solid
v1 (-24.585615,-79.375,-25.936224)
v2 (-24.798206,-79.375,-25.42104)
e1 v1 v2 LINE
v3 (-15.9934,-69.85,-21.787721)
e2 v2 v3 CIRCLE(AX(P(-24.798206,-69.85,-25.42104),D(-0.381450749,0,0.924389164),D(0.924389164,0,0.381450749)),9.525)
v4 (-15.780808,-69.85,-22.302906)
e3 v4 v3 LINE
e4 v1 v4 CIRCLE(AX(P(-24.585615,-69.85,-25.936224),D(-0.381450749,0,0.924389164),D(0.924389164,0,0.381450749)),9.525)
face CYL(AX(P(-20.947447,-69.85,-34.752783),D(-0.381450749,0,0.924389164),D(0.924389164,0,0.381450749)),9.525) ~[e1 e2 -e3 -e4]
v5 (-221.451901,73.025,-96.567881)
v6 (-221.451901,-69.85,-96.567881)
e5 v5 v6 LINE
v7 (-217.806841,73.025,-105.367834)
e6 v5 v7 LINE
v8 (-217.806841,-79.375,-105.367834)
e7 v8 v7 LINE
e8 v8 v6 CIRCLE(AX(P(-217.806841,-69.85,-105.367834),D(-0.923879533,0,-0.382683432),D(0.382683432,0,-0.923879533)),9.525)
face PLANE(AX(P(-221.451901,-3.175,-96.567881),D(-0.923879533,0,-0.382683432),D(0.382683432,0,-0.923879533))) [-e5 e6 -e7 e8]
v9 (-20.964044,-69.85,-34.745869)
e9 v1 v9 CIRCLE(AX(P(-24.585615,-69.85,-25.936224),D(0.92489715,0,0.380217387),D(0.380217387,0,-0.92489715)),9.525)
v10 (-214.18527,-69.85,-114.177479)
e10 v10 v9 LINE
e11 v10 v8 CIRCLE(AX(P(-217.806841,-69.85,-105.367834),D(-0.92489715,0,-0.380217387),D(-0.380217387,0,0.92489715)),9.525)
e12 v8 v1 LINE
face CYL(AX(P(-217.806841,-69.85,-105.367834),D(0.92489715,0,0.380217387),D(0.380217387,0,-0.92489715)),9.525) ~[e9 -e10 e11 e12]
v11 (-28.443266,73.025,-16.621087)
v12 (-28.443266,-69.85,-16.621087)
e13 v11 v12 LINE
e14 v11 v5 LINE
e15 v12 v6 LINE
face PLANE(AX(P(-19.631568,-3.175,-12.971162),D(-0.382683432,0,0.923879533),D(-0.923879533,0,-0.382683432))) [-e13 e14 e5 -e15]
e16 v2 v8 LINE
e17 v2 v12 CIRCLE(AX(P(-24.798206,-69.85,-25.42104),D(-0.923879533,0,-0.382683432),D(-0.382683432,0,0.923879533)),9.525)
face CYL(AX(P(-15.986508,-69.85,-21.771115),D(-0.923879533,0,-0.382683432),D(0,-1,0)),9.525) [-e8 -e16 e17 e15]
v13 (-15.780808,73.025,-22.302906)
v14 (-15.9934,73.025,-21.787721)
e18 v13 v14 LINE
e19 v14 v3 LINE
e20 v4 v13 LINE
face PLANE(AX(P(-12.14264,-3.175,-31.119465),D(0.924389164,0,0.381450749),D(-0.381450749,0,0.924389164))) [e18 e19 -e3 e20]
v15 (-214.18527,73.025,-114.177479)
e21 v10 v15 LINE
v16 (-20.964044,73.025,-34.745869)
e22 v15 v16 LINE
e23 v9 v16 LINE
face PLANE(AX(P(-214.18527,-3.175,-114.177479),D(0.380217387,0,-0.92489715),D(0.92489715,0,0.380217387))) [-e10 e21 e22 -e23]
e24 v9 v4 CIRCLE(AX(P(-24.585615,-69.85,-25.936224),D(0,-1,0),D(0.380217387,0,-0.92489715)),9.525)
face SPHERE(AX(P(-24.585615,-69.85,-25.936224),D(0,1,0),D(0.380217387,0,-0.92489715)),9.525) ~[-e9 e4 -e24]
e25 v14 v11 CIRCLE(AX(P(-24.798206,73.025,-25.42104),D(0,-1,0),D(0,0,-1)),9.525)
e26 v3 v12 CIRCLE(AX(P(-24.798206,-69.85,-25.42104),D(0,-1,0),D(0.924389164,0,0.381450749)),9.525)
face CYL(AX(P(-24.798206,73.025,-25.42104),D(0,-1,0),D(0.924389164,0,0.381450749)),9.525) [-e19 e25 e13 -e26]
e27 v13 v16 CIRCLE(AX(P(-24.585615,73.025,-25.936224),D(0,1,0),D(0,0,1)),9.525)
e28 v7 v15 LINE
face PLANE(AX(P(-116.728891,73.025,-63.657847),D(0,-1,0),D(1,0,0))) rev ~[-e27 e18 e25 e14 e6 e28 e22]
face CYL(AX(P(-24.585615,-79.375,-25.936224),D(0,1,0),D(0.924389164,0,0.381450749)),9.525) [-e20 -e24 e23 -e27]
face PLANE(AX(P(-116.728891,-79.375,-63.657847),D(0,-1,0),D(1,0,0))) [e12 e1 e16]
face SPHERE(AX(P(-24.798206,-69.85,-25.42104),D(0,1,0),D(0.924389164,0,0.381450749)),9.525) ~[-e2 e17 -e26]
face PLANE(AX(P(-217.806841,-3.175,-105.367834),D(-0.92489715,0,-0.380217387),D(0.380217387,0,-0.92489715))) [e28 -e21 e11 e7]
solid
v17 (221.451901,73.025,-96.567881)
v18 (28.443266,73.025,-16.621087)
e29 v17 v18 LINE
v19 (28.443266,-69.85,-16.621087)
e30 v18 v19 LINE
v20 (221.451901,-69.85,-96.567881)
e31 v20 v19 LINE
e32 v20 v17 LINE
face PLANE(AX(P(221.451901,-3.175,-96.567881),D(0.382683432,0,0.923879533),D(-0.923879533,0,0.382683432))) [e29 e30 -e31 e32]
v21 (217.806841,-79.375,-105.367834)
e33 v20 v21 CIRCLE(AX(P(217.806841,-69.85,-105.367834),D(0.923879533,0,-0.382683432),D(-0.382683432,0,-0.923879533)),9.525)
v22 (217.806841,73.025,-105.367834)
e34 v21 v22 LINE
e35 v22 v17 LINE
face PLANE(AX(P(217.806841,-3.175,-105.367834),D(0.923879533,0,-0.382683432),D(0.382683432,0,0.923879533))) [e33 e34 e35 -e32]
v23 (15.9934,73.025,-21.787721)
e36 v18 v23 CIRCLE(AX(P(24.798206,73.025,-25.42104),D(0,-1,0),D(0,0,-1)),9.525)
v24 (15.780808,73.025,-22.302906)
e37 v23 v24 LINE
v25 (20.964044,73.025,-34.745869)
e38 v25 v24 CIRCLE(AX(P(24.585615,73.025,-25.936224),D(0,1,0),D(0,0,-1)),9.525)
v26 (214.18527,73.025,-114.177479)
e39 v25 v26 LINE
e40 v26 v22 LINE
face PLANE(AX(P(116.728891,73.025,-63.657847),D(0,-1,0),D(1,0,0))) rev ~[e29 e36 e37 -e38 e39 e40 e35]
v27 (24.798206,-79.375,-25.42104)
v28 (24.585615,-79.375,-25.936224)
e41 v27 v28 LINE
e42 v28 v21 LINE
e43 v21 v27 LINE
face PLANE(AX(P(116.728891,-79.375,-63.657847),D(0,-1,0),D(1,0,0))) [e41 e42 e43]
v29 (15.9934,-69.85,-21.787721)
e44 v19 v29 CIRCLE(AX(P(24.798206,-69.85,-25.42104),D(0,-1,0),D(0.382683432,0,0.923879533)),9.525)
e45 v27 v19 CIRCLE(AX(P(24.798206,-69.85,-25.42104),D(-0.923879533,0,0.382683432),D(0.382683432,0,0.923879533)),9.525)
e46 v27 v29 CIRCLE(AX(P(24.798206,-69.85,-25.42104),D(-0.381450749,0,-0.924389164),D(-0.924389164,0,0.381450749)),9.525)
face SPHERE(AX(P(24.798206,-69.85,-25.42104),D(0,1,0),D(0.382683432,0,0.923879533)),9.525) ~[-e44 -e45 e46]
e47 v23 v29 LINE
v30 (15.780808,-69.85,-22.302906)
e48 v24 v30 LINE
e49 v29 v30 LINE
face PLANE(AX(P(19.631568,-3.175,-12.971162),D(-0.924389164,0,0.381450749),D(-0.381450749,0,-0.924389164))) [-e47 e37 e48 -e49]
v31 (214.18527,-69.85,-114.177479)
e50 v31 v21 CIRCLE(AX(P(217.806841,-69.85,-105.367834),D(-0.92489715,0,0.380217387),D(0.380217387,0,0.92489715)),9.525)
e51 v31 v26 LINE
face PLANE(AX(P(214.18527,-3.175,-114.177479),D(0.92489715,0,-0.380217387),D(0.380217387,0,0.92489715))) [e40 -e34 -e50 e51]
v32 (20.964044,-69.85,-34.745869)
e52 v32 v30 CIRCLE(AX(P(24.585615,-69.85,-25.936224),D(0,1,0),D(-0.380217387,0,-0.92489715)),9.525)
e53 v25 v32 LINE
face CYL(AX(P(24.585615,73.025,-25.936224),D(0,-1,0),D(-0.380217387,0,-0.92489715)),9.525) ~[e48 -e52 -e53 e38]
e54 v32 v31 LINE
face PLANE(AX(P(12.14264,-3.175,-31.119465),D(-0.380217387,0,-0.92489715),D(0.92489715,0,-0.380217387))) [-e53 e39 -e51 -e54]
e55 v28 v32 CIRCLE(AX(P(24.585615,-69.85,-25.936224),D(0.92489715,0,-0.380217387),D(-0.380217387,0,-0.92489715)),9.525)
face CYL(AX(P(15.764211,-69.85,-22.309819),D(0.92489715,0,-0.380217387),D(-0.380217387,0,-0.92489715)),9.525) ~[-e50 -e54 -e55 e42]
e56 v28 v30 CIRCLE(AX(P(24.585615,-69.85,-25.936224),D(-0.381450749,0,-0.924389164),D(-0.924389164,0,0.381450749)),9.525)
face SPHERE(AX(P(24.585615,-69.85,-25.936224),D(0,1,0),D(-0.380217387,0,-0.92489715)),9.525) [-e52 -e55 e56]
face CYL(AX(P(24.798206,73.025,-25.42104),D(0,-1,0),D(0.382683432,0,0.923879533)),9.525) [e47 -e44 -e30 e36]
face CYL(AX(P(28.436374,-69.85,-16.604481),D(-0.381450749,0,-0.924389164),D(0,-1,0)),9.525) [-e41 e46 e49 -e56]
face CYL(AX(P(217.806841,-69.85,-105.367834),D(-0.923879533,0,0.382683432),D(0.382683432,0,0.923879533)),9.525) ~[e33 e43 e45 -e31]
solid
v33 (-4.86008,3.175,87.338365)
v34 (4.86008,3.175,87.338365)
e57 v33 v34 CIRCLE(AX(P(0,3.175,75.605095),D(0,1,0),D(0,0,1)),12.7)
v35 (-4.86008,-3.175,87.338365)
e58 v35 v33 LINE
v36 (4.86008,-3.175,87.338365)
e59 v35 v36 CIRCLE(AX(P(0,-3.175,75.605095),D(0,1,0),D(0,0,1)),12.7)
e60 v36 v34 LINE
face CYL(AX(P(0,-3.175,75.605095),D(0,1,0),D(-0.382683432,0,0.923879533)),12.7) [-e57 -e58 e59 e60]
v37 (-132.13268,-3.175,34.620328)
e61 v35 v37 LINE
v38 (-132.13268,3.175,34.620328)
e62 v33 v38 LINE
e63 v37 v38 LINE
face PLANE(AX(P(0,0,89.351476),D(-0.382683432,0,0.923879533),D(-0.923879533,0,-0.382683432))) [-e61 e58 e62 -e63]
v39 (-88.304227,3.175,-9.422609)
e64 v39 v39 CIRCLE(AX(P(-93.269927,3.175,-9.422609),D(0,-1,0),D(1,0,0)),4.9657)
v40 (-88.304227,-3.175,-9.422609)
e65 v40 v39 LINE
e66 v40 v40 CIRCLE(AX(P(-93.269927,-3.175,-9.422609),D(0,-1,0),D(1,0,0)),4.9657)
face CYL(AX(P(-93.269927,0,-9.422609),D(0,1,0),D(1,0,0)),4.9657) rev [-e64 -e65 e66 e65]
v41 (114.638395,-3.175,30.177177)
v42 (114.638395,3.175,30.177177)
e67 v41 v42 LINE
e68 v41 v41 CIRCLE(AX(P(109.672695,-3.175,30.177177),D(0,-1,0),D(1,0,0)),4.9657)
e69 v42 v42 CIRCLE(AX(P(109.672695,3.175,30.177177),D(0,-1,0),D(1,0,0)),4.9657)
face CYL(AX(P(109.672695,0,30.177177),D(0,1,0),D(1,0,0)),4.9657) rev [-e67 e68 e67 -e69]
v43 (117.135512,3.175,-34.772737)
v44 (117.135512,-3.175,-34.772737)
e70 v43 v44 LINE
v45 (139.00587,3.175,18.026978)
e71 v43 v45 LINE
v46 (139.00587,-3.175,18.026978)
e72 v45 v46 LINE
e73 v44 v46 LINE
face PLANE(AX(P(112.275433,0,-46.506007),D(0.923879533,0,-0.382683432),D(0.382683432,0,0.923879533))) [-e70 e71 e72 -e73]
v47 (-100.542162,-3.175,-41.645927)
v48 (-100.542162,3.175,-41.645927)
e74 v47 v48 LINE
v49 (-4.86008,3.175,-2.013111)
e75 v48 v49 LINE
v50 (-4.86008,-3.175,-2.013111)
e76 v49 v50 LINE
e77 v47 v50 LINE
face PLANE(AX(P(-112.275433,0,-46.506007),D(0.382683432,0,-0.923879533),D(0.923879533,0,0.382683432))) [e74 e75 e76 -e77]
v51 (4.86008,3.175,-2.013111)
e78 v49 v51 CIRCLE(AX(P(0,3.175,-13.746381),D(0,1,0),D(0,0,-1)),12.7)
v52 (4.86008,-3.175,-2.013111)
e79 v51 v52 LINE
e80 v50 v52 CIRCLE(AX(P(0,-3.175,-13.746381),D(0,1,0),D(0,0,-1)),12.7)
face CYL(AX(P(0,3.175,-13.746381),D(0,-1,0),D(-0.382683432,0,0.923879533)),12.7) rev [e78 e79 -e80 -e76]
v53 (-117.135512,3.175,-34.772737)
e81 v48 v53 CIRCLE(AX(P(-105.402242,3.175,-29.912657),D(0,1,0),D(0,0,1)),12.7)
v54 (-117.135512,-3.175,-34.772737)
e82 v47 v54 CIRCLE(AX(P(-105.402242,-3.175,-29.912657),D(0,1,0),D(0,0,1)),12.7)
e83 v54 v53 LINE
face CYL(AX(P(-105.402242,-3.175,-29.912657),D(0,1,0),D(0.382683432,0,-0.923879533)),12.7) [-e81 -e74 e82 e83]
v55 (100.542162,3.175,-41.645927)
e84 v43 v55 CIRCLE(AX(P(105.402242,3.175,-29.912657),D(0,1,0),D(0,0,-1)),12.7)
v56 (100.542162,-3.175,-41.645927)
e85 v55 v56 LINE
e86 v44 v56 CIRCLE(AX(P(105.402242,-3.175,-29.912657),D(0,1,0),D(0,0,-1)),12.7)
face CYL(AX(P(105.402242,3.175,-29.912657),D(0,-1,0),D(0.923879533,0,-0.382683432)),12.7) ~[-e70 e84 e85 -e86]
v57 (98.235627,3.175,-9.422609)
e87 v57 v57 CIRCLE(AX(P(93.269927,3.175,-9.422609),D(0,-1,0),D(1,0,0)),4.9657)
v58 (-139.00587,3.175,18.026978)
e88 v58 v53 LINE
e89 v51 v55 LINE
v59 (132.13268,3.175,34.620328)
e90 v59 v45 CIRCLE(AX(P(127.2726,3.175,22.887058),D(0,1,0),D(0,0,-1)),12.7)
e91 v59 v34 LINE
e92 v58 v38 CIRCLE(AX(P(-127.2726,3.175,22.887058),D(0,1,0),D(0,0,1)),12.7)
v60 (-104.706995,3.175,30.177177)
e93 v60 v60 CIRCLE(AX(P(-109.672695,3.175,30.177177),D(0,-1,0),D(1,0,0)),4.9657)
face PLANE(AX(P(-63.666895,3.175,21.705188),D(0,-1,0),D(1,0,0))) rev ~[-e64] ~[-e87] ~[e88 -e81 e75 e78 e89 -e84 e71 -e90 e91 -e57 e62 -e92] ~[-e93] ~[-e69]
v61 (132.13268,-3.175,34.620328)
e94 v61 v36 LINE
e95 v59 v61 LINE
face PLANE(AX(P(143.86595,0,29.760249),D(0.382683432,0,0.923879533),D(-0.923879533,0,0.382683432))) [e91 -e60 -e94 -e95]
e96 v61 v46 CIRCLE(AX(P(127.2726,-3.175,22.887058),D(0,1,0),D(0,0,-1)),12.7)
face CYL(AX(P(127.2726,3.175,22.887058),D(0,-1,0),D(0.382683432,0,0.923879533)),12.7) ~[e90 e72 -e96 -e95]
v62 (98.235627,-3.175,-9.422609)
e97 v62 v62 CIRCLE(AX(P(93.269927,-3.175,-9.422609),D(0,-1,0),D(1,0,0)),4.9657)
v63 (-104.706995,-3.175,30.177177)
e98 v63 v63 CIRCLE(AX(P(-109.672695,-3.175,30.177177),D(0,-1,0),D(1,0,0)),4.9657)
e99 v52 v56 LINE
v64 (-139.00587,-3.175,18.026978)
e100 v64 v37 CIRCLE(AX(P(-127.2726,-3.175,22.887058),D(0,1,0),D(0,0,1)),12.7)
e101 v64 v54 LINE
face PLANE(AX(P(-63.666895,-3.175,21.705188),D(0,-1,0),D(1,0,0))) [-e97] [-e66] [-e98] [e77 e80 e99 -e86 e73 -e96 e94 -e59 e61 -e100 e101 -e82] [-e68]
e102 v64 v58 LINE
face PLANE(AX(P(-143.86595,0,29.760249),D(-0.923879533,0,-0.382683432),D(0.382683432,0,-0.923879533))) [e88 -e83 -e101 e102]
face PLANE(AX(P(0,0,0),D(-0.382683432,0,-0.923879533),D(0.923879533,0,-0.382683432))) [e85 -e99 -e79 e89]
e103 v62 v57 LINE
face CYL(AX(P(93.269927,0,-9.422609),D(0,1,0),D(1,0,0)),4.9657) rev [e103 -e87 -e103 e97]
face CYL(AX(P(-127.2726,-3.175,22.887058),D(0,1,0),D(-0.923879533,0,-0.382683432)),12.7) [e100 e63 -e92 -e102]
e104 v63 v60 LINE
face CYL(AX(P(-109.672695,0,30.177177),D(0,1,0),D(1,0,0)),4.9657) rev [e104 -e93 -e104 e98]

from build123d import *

# Parameters (mm, degrees)
F0_R     = 4.9657
F1_DEPTH = 3.175
F2_R     = 12.7
F3_DEPTH = 76.2
F4_R     = 9.525
F4_2_R   = 9.525


with BuildPart() as f1:
    # F0 (on Front) → F1 (new body, symmetric)
    with BuildSketch(Plane.XZ):
        Polygon((-112.2754325273, -46.5060068741), (0, 0), (0, 89.3514761341), (-143.8659498691, 29.7602485347), align=None)
        with Locations((-93.2699265011, -9.4226090129)):
            Circle(F0_R, mode=Mode.SUBTRACT)
        with Locations((-109.6726951208, 30.1771774494)):
            Circle(F0_R, mode=Mode.SUBTRACT)
        Polygon((0, 89.3514761341), (0, 0), (112.2754325273, -46.5060068741), (143.8659498691, 29.7602485347), align=None)
        with Locations((93.2699265011, -9.4226090129)):
            Circle(F0_R, mode=Mode.SUBTRACT)
        with Locations((109.6726951208, 30.1771774494)):
            Circle(F0_R, mode=Mode.SUBTRACT)
    extrude(amount=F1_DEPTH, both=True)

    # F2
    f2_edges = [f1.edges().sort_by_distance(p)[0] for p in [
        (-143.86595, 0, 29.760249),
        (0, 0, 89.351476),
        (0, 0, 0),
        (112.275433, 0, -46.506007),
        (143.86595, 0, 29.760249),
        (-112.275433, 0, -46.506007),
    ]]
    fillet(f2_edges, radius=F2_R)


with BuildPart() as f1b:
    # F0 (on Front) → F1, piece 2 (new body, symmetric)
    with BuildSketch(Plane.XZ):
        Polygon((-12.1426400097, -31.1194647295), (-19.6315676376, -12.9711623258), (-221.4519007896, -96.56788148), (-217.8068410963, -105.3678340271), (-214.1852704835, -114.177479383), align=None)
    extrude(amount=F1_DEPTH, both=True)

    # F3 (add, symmetric): a face of the model
    f3_faces = [f1b.faces().sort_by_distance(p)[0] for p in [
        (-116.342910997, -3.175, -63.4985719637),
    ]]
    extrude(f3_faces, amount=F3_DEPTH, both=True)

    # F4#2
    f4_2_edges = [f1b.edges().sort_by_distance(p)[0] for p in [
        (-12.14264, -3.175, -31.119465),
        (-120.541734, -79.375, -54.769522),
        (-113.163955, -79.375, -72.648472),
        (-19.631568, -3.175, -12.971162),
        (-15.887104, -79.375, -22.045314),
    ]]
    fillet(f4_2_edges, radius=F4_2_R)


with BuildPart() as f1c:
    # F0 (on Front) → F1, piece 3 (new body, symmetric)
    with BuildSketch(Plane.XZ):
        Polygon((221.4519007896, -96.56788148), (19.6315676376, -12.9711623258), (12.1426400097, -31.1194647295), (214.1852704835, -114.177479383), (217.8068410963, -105.3678340271), align=None)
    extrude(amount=F1_DEPTH, both=True)

    # F3#2 (add, symmetric): a face of the model
    f3_2_faces = [f1c.faces().sort_by_distance(p)[0] for p in [
        (116.342910997, -3.175, -63.4985719637),
    ]]
    extrude(f3_2_faces, amount=F3_DEPTH, both=True)

    # F4
    f4_edges = [f1c.edges().sort_by_distance(p)[0] for p in [
        (19.631568, -3.175, -12.971162),
        (12.14264, -3.175, -31.119465),
        (120.541734, -79.375, -54.769522),
        (113.163955, -79.375, -72.648472),
        (15.887104, -79.375, -22.045314),
    ]]
    fillet(f4_edges, radius=F4_R)


solid = Compound([f1.part, f1b.part, f1c.part])
